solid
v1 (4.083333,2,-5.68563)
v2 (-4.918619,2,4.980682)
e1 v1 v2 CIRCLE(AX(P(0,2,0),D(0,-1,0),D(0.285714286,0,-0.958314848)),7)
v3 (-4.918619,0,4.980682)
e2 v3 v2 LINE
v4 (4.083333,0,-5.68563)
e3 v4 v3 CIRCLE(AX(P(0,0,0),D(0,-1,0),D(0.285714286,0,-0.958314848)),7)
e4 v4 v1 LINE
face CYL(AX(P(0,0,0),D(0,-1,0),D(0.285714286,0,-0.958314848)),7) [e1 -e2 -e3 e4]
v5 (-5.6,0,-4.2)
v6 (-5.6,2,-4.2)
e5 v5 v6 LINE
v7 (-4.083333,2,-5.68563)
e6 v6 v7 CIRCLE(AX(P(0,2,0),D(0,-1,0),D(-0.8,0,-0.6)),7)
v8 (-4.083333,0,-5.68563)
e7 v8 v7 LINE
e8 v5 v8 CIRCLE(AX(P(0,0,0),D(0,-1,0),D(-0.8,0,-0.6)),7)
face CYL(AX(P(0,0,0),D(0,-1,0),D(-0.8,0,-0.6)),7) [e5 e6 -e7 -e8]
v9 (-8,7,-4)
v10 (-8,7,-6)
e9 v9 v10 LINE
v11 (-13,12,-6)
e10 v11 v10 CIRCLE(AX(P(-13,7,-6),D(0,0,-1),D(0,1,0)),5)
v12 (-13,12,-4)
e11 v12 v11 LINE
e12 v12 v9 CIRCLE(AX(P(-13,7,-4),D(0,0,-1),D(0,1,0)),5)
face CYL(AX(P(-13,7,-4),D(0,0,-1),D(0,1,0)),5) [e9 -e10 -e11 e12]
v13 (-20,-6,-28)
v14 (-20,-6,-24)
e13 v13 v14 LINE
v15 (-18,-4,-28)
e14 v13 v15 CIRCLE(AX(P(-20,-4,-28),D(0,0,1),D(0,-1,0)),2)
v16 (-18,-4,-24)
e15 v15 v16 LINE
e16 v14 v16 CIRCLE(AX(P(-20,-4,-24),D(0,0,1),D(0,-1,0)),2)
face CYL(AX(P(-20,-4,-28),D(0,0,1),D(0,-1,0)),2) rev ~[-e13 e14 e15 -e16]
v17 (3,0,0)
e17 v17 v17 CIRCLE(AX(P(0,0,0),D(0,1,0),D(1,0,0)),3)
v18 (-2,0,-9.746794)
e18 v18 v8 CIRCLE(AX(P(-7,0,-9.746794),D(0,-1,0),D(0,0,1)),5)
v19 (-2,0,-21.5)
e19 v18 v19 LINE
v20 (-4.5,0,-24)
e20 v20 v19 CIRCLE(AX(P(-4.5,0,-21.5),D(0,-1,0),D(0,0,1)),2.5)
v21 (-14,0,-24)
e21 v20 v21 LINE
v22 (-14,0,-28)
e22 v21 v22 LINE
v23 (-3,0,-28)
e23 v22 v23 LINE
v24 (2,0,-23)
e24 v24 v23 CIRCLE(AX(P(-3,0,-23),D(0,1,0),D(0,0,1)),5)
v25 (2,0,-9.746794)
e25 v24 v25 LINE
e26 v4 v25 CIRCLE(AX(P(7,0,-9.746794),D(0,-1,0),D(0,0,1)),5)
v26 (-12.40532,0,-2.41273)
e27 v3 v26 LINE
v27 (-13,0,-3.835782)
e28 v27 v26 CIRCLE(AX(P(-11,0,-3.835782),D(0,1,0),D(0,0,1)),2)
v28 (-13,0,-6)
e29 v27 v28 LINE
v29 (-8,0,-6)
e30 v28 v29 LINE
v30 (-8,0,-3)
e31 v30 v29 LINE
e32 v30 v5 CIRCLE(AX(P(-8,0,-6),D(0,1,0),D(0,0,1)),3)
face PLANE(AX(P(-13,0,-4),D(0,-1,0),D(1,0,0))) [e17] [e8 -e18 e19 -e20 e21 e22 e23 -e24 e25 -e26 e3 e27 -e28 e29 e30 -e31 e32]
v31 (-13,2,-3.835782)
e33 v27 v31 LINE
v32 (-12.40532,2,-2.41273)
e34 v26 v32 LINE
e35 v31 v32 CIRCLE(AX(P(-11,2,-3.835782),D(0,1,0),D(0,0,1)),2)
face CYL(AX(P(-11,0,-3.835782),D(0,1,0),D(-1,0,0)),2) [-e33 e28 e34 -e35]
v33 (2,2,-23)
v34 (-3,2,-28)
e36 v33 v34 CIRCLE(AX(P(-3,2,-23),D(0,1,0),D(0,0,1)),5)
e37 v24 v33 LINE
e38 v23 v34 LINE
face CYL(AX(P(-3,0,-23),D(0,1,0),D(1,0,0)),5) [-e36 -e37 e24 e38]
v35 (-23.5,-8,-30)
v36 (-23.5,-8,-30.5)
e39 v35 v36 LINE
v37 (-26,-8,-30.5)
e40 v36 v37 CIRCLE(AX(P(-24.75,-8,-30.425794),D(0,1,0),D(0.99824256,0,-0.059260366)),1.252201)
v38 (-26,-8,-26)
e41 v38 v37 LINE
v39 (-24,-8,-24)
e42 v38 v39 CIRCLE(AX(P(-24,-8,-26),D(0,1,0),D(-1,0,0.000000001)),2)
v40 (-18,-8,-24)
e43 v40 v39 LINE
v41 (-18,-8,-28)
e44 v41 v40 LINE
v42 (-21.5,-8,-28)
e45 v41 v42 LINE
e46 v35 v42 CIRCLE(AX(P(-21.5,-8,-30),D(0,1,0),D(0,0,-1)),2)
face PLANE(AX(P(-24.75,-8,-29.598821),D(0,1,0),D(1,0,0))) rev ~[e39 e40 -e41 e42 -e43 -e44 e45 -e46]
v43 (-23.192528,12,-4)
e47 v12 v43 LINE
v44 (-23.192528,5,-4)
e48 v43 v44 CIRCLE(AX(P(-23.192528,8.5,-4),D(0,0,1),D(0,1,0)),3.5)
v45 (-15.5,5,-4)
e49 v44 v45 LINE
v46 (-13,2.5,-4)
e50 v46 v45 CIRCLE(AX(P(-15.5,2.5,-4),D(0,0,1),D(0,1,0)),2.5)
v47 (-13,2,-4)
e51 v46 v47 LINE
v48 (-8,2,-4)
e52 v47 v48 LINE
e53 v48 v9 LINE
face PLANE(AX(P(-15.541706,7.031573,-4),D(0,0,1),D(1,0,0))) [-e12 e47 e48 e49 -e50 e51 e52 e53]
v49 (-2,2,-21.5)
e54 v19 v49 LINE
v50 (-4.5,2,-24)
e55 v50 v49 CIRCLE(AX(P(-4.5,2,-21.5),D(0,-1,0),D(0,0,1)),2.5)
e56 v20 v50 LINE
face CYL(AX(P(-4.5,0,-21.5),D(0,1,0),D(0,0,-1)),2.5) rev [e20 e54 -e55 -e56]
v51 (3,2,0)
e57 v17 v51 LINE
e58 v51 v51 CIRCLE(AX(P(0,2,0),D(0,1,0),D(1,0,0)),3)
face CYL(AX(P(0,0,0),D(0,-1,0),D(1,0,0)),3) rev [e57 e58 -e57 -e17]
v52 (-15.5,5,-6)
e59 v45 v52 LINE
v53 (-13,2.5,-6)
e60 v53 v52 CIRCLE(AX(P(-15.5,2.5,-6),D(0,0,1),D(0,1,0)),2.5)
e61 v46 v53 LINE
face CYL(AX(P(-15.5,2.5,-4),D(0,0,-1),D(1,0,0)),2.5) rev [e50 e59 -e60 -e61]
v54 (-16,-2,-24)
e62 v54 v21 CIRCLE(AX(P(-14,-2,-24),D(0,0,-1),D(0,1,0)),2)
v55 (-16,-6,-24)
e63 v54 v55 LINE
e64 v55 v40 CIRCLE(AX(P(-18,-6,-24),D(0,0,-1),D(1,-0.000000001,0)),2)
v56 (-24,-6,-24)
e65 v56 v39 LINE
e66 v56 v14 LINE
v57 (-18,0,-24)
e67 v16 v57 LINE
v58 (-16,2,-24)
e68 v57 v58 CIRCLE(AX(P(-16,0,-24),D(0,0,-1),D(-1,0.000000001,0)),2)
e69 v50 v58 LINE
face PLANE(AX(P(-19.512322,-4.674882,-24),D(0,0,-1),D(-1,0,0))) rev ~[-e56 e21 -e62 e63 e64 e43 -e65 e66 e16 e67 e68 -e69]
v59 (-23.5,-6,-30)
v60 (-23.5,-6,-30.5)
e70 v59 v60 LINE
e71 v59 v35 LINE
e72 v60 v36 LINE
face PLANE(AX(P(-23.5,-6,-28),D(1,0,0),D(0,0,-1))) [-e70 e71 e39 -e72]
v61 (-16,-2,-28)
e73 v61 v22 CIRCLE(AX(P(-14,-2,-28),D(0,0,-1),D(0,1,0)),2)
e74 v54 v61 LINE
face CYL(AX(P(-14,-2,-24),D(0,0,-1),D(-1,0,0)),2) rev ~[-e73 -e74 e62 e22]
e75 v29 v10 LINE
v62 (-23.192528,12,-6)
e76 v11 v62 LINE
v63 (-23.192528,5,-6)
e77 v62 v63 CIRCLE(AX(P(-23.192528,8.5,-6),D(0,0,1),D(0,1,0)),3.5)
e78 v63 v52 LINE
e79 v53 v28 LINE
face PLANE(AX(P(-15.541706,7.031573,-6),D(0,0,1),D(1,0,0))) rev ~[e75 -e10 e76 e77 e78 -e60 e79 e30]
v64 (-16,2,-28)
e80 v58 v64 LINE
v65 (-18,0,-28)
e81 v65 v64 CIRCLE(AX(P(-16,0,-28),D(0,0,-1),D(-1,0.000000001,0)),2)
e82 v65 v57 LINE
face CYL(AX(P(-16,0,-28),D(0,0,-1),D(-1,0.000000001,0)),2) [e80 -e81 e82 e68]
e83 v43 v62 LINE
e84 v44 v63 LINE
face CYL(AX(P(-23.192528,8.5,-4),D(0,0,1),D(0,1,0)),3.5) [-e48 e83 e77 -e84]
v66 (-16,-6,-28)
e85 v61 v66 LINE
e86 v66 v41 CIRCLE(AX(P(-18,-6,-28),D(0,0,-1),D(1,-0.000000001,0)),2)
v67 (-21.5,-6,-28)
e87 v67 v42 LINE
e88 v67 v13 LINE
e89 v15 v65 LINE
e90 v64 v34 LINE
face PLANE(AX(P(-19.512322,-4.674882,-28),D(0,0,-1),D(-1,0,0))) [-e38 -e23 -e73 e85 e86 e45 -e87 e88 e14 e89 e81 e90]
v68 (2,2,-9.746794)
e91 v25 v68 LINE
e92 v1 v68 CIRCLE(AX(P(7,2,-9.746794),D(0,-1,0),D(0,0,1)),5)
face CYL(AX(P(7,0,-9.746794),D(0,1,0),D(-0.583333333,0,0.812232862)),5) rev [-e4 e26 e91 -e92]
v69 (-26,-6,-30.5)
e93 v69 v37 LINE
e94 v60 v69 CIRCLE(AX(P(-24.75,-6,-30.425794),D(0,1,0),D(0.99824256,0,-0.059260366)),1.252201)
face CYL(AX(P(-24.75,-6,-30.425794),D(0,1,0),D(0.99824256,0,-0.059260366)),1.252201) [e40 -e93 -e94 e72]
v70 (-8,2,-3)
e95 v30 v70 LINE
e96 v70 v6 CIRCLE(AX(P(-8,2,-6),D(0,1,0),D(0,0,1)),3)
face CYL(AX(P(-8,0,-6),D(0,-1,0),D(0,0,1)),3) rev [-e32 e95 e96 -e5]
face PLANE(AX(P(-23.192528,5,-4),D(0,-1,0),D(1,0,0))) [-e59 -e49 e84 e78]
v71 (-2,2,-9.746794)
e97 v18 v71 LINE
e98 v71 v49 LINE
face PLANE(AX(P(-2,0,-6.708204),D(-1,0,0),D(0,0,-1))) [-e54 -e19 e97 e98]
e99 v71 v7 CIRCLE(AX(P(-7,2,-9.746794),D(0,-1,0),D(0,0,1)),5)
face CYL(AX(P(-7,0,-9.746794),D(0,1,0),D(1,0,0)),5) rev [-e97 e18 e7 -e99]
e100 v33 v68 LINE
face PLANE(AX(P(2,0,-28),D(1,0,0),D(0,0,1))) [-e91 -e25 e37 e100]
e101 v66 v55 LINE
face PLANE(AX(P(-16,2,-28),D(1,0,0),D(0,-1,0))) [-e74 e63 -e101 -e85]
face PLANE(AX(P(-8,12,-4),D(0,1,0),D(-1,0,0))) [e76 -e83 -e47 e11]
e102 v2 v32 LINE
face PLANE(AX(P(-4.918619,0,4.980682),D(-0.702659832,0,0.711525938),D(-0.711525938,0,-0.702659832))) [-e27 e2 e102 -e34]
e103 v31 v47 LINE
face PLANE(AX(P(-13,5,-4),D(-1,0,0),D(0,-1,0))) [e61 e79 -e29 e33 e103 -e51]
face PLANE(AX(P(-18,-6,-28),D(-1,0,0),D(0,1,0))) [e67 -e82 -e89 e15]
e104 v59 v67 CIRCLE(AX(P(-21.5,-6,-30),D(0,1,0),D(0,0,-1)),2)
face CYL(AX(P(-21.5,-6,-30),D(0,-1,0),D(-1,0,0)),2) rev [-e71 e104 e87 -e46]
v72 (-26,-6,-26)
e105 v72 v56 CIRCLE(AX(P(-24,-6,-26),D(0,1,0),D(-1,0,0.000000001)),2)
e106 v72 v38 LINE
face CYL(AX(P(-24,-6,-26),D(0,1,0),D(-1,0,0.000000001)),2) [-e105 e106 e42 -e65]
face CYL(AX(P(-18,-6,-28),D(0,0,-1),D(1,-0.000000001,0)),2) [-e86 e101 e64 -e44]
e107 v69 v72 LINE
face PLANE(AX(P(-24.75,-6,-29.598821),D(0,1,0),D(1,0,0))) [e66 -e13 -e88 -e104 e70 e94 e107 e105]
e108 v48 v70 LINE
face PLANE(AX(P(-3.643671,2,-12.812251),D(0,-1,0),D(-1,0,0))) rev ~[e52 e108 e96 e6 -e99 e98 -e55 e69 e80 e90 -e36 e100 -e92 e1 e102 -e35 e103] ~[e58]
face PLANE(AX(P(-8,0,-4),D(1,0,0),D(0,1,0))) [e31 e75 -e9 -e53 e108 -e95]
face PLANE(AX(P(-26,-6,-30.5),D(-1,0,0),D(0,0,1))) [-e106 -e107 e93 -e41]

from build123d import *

# Parameters (mm, degrees)
CROQUIS1_R              = 3
SALIENTE_EXTRUIR1_DEPTH = 2
SALIENTE_EXTRUIR2_DEPTH = 2
REDONDEO1_R             = 5
REDONDEO2_R             = 2.5
REDONDEO3_R             = 5
REDONDEO4_R             = 5
REDONDEO5_R             = 2
REDONDEO6_R             = 5
REDONDEO7_R             = 2.5
SALIENTE_EXTRUIR3_DEPTH = 4
REDONDEO8_R             = 2
REDONDEO9_R             = 2
SALIENTE_EXTRUIR4_DEPTH = 2
REDONDEO10_R            = 2
CORTAR_EXTRUIR1_DEPTH   = 2


with BuildPart() as part:
    # Croquis1 → Saliente-Extruir1 (new body)
    with BuildSketch(Plane(origin=(0, 0, 0), x_dir=(1, 0, 0), z_dir=(0, 1, 0))):
        with BuildLine():
            Line((2, 16.626040067), (2, 6.708203932))
            ThreePointArc((2, 6.708203932), (6.023877075, -3.56551609), (-4.918618823, -4.980681567))
            Line((-4.918618823, -4.980681567), (-13, 3))
            Line((-13, 3), (-13, 4))
            Line((-13, 4), (-8, 4))
            Line((-8, 4), (-8, 3))
            ThreePointArc((-8, 3), (-6.658359214, 3.316718427), (-5.6, 4.2))
            ThreePointArc((-5.6, 4.2), (-4.001596149, 5.743450902), (-2, 6.708203932))
            Line((-2, 6.708203932), (-2, 24))
            Line((-2, 24), (-16, 24))
            Line((-16, 24), (-16, 28))
            Line((-16, 28), (2, 28))
            Line((2, 28), (2, 16.626040067))
        make_face()
        Circle(CROQUIS1_R, mode=Mode.SUBTRACT)
    extrude(amount=SALIENTE_EXTRUIR1_DEPTH)

    # Croquis2 → Saliente-Extruir2 (add)
    with BuildSketch(Plane(origin=(0, 0, -4), x_dir=(-1, 0, 0), z_dir=(0, 0, -1))):
        with BuildLine():
            Line((8, 2), (8, 12))
            Line((8, 12), (23.192528099, 12))
            ThreePointArc((23.192528099, 12), (26.692528099, 8.5), (23.192528099, 5))
            Line((23.192528099, 5), (13, 5))
            Line((13, 5), (13, 2))
            Line((13, 2), (13, 0))
            Line((13, 0), (8, 0))
            Line((8, 0), (8, 2))
        make_face()
    extrude(amount=SALIENTE_EXTRUIR2_DEPTH)

    # Redondeo1
    redondeo1_edges = [part.edges().sort_by_distance(p)[0] for p in [
        (-8, 12, -5),
    ]]
    fillet(redondeo1_edges, radius=REDONDEO1_R)

    # Redondeo2
    redondeo2_edges = [part.edges().sort_by_distance(p)[0] for p in [
        (-13, 5, -5),
    ]]
    fillet(redondeo2_edges, radius=REDONDEO2_R)

    # Redondeo3
    redondeo3_edges = [part.edges().sort_by_distance(p)[0] for p in [
        (2, 1, -6.708203932),
    ]]
    fillet(redondeo3_edges, radius=REDONDEO3_R)

    # Redondeo4
    redondeo4_edges = [part.edges().sort_by_distance(p)[0] for p in [
        (-2, 1, -6.708203932),
    ]]
    fillet(redondeo4_edges, radius=REDONDEO4_R)

    # Redondeo5
    redondeo5_edges = [part.edges().sort_by_distance(p)[0] for p in [
        (-13, 1, -3),
    ]]
    fillet(redondeo5_edges, radius=REDONDEO5_R)

    # Redondeo6
    redondeo6_edges = [part.edges().sort_by_distance(p)[0] for p in [
        (2, 1, -28),
    ]]
    fillet(redondeo6_edges, radius=REDONDEO6_R)

    # Redondeo7
    redondeo7_edges = [part.edges().sort_by_distance(p)[0] for p in [
        (-2, 1, -24),
    ]]
    fillet(redondeo7_edges, radius=REDONDEO7_R)

    # Croquis3 → Saliente-Extruir3 (add)
    with BuildSketch(Plane(origin=(0, 0, -28), x_dir=(-1, 0, 0), z_dir=(0, 0, -1))):
        with BuildLine():
            Line((16, 2), (16, 0))
            Line((16, 0), (16, -6))
            ThreePointArc((16, -6), (16.585786438, -7.414213562), (18, -8))
            Line((18, -8), (26, -8))
            Line((26, -8), (26, -6))
            Line((26, -6), (18, -6))
            Line((18, -6), (18, 0))
            ThreePointArc((18, 0), (17.414213562, 1.414213562), (16, 2))
        make_face()
    extrude(amount=-SALIENTE_EXTRUIR3_DEPTH)

    # Redondeo8
    redondeo8_edges = [part.edges().sort_by_distance(p)[0] for p in [
        (-18, -6, -26),
    ]]
    fillet(redondeo8_edges, radius=REDONDEO8_R)

    # Redondeo9
    redondeo9_edges = [part.edges().sort_by_distance(p)[0] for p in [
        (-16, 0, -26),
    ]]
    fillet(redondeo9_edges, radius=REDONDEO9_R)

    # Croquis4 → Saliente-Extruir4 (add)
    with BuildSketch(Plane(origin=(0, -6, 0), x_dir=(1, 0, 0), z_dir=(0, 1, 0))):
        with BuildLine():
            Line((-23.5, 28), (-23.5, 30.5))
            ThreePointArc((-23.5, 30.5), (-24.75, 31.677994798), (-26, 30.5))
            Line((-26, 30.5), (-26, 28))
            Line((-26, 28), (-23.5, 28))
        make_face()
    extrude(amount=-SALIENTE_EXTRUIR4_DEPTH)

    # Redondeo10
    redondeo10_edges = [part.edges().sort_by_distance(p)[0] for p in [
        (-23.5, -7, -28),
    ]]
    fillet(redondeo10_edges, radius=REDONDEO10_R)

    # Croquis5 → Cortar-Extruir1 (cut)
    with BuildSketch(Plane(origin=(0, -6, 0), x_dir=(1, 0, 0), z_dir=(0, 1, 0))):
        with BuildLine():
            Line((-26, 24), (-26, 26))
            ThreePointArc((-26, 26), (-25.414213562, 24.585786438), (-24, 24))
            Line((-24, 24), (-26, 24))
        make_face()
    extrude(amount=-CORTAR_EXTRUIR1_DEPTH, mode=Mode.SUBTRACT)


solid = part.part
